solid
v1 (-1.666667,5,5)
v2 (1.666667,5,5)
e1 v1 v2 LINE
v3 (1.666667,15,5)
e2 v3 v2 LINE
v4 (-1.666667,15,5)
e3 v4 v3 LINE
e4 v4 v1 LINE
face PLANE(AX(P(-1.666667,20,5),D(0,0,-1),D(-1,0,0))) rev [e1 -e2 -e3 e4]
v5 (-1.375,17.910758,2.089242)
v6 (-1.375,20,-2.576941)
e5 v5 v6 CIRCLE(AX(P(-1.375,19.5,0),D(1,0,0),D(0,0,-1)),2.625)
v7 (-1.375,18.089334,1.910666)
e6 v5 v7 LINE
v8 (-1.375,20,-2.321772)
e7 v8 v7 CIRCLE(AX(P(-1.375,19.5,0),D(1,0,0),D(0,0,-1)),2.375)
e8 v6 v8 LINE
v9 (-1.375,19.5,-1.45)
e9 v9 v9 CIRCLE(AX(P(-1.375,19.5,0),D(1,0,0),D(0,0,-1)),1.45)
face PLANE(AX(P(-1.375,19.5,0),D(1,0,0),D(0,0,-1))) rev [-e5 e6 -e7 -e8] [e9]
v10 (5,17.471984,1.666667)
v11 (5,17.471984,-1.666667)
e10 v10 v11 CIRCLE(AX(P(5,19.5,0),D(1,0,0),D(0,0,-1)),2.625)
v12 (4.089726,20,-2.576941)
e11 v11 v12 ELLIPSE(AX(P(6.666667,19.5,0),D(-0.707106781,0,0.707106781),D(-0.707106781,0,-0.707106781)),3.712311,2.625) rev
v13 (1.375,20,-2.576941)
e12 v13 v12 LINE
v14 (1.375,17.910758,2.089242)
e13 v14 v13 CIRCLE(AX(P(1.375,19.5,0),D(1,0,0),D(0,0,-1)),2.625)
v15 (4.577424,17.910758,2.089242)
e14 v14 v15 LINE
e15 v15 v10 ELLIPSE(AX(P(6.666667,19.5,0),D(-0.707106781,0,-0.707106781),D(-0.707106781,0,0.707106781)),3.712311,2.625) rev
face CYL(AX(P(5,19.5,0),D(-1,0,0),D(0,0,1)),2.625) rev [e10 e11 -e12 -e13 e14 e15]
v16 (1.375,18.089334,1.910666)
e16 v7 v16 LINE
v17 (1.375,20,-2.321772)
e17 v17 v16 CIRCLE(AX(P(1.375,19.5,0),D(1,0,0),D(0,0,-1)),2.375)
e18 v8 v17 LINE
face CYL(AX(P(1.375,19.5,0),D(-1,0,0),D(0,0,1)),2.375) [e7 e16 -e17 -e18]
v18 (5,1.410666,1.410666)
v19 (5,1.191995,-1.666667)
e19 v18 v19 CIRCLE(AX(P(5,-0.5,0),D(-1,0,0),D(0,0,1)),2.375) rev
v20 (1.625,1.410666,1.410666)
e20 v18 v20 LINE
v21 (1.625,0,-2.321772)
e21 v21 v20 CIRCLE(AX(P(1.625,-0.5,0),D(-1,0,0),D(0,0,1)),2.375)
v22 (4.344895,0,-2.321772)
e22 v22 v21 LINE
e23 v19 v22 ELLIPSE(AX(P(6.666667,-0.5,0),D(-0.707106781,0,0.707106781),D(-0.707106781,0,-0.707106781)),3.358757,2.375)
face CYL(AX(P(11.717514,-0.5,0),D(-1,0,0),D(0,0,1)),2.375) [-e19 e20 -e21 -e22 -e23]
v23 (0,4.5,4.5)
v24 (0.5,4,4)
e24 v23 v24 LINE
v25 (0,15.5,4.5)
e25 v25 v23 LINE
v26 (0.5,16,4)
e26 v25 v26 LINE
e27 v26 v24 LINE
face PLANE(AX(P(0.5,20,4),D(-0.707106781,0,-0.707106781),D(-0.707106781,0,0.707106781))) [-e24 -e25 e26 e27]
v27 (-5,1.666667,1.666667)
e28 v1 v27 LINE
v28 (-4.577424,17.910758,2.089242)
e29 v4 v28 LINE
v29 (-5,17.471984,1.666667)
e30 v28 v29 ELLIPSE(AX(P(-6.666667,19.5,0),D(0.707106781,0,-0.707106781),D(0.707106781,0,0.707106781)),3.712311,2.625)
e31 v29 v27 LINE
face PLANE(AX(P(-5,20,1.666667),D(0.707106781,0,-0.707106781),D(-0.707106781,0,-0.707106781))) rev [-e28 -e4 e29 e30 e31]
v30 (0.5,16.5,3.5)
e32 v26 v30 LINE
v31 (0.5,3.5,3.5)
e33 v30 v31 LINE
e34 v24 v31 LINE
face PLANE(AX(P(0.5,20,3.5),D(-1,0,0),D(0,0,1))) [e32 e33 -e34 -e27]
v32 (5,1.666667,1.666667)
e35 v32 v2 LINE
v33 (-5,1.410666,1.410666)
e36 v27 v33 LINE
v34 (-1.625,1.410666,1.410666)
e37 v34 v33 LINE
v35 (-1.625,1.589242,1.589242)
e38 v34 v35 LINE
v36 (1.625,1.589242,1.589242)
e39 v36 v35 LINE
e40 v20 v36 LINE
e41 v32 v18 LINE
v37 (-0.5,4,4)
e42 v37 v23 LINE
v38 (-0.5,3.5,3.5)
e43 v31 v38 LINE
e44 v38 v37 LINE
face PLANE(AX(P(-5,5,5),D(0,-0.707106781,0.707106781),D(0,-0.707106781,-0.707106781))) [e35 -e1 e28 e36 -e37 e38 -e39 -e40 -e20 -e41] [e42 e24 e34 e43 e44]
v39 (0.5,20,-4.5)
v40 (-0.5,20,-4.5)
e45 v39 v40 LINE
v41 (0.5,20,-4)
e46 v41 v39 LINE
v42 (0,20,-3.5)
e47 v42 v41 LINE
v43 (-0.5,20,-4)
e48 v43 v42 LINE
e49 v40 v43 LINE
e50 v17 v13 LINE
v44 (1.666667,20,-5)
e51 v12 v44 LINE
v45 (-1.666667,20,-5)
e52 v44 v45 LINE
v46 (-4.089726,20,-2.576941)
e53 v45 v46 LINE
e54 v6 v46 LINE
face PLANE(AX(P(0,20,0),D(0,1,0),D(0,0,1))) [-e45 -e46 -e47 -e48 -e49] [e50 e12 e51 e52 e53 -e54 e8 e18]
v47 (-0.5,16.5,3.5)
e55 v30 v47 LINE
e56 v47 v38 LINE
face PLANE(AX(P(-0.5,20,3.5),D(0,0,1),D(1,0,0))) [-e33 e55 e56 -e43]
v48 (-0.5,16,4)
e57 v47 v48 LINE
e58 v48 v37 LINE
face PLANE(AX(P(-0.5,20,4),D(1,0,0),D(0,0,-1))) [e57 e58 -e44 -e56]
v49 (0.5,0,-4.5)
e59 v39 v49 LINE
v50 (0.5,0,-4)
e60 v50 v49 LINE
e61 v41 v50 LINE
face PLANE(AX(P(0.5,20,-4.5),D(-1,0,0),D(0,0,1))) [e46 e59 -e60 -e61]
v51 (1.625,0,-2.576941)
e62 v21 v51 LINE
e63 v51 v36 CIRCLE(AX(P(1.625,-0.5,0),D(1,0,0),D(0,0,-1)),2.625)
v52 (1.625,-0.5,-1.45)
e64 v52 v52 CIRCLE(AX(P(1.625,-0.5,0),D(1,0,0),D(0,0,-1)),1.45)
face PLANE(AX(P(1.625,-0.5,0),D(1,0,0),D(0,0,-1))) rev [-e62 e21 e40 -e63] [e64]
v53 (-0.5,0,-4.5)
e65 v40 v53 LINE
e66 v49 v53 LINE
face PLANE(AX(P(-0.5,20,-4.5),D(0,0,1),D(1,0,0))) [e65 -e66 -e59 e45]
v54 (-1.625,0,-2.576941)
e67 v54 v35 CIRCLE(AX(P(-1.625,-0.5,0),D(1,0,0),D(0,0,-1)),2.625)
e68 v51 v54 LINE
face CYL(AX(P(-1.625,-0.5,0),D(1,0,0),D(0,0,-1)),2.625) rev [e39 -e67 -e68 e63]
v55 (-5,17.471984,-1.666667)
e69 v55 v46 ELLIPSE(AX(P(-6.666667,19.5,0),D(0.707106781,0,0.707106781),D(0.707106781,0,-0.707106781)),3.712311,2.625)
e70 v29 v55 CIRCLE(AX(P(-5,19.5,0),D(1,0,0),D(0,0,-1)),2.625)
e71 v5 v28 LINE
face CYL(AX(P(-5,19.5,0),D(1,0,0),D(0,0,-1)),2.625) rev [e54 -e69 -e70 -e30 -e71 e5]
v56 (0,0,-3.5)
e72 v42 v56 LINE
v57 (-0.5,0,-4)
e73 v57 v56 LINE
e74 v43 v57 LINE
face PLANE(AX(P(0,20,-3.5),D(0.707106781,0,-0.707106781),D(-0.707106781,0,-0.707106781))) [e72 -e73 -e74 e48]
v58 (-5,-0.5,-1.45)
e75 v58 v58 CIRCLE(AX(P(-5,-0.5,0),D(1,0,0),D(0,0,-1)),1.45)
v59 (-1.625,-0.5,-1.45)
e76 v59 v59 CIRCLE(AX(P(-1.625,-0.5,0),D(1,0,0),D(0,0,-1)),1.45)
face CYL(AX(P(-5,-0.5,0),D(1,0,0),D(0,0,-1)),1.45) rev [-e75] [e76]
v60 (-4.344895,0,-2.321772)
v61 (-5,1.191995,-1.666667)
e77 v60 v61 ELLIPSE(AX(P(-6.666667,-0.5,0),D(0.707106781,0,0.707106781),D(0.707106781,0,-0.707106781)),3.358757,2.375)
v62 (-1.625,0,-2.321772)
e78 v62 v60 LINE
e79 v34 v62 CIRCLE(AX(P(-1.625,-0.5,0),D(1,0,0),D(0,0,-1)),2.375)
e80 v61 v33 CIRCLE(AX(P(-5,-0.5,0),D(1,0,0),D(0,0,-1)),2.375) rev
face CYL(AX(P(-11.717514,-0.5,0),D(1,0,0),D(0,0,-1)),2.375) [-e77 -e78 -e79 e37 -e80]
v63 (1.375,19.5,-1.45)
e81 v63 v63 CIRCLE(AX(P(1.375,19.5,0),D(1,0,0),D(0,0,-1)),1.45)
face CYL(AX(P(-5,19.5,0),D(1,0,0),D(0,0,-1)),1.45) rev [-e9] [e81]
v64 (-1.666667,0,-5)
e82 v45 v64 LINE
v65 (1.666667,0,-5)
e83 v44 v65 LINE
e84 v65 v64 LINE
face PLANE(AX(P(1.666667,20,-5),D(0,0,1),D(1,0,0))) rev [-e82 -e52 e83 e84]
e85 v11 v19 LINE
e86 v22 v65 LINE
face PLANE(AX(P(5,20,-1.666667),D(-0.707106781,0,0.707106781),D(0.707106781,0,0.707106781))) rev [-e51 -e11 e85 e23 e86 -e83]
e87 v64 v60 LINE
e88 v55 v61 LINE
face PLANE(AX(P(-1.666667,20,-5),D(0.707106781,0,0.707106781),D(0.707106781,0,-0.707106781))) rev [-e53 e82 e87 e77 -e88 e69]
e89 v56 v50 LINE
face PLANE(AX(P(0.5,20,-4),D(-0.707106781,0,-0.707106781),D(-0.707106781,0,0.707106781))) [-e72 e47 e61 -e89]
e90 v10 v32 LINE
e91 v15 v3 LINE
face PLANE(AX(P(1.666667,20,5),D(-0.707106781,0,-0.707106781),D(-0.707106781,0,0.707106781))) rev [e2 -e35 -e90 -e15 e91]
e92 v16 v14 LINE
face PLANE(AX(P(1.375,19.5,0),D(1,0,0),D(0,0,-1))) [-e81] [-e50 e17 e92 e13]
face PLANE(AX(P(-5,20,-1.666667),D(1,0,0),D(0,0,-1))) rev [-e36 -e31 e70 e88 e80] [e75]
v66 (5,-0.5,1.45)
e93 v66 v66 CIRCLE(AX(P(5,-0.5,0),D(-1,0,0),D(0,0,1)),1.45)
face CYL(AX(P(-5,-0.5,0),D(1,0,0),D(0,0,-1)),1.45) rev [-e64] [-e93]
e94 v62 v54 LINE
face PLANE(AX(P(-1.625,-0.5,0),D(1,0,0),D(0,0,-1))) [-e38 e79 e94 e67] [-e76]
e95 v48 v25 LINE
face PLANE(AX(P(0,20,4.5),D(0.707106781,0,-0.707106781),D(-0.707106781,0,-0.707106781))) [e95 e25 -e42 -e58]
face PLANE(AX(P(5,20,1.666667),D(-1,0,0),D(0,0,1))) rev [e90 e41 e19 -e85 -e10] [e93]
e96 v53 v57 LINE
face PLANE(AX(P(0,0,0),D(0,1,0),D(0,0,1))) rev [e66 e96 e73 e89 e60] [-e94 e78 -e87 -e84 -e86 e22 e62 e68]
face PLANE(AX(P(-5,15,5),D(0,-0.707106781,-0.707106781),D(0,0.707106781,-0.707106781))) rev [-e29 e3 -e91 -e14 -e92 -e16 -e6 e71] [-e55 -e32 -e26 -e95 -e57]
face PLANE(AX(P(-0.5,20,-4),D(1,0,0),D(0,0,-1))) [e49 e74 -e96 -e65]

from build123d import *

# Parameters (mm, degrees)
BOSS_EXTRUDE1_DEPTH     = 20
CUT_EXTRUDE1_DEPTH      = 22.213203436
CUT_EXTRUDE1_DEPTH_BACK = 22.213203436
CUT_EXTRUDE2_DEPTH      = 22.213203436
SKETCH4_R               = 2.375
BOSS_EXTRUDE2_DEPTH     = 1.375
SKETCH5_R               = 2.625
CUT_EXTRUDE3_DEPTH      = 24.327156921
SKETCH6_R               = 2.625
CUT_EXTRUDE4_DEPTH      = 1.625
BOSS_EXTRUDE3_REACH     = 25.397
SKETCH7_R               = 2.375
BOSS_EXTRUDE4_START     = -3.375
SKETCH8_R               = 2.375
BOSS_EXTRUDE4_DEPTH     = 3.375
CUT_EXTRUDE5_DEPTH      = 24.327156921
CUT_EXTRUDE5_DEPTH_BACK = 24.327156921
SKETCH10_R              = 1.45
CUT_EXTRUDE6_DEPTH      = 25.566555009
CUT_EXTRUDE6_DEPTH_BACK = 25.566555009
SKETCH11_R              = 1.45


with BuildPart() as part:
    # Sketch1 → Boss-Extrude1 (new body)
    with BuildSketch(Plane(origin=(0, 0, 0), x_dir=(1, 0, 0), z_dir=(0, 1, 0))):
        Polygon((-1.666666667, -5), (1.666666667, -5), (5, -1.666666667), (5, 1.666666667), (1.666666667, 5), (-1.666666667, 5), (-5, 1.666666667), (-5, -1.666666667), align=None)
    extrude(amount=BOSS_EXTRUDE1_DEPTH)

    # Sketch2 → Cut-Extrude1 (cut, two sides: drawn at the far end of the back side and taken through both)
    with BuildSketch(Plane(origin=(0, 0, 0), x_dir=(0, 0, -1), z_dir=(1, 0, 0)).offset(-CUT_EXTRUDE1_DEPTH_BACK)):
        Polygon((0, 20), (-5, 20), (-5, 15), align=None)
        Polygon((0, 0), (-5, 0), (-5, 5), align=None)
    extrude(amount=CUT_EXTRUDE1_DEPTH + CUT_EXTRUDE1_DEPTH_BACK, mode=Mode.SUBTRACT)

    # Sketch3 → Cut-Extrude2 (cut, through all)
    with BuildSketch(Plane(origin=(0, 0, 0), x_dir=(1, 0, 0), z_dir=(0, 1, 0))):
        Polygon((0, -4.5), (-0.5, -4), (-0.5, -3.5), (0.5, -3.5), (0.5, -4), align=None)
        Polygon((0.5, 4.5), (0.5, 4), (0, 3.5), (-0.5, 4), (-0.5, 4.5), align=None)
    extrude(amount=CUT_EXTRUDE2_DEPTH, mode=Mode.SUBTRACT)

    # Sketch4 → Boss-Extrude2 (add, symmetric)
    with BuildSketch(Plane(origin=(0, 0, 0), x_dir=(0, 0, -1), z_dir=(1, 0, 0))):
        with Locations((0, 19.5)):
            Circle(SKETCH4_R)
    extrude(amount=BOSS_EXTRUDE2_DEPTH, both=True)

    # Sketch5 → Cut-Extrude3 (cut, through all)
    with BuildSketch(Plane(origin=(1.375, 0, 0), x_dir=(0, 0, -1), z_dir=(1, 0, 0))):
        with Locations((0, 19.5)):
            Circle(SKETCH5_R)
    cut_extrude3 = extrude(amount=CUT_EXTRUDE3_DEPTH, mode=Mode.SUBTRACT)

    # Mirror1: Cut-Extrude3 across plane
    add(cut_extrude3.mirror(Plane(origin=(0, 0, 0), x_dir=(0, 0, 1), z_dir=(1, 0, 0))), mode=Mode.SUBTRACT)

    # Sketch6 → Cut-Extrude4 (cut, symmetric)
    with BuildSketch(Plane(origin=(0, 0, 0), x_dir=(0, 0, -1), z_dir=(1, 0, 0))):
        with Locations((0, -0.5)):
            Circle(SKETCH6_R)
    extrude(amount=CUT_EXTRUDE4_DEPTH, both=True, mode=Mode.SUBTRACT)

    # Boss-Extrude3: up to this face of the body (flat: up to its plane)
    boss_extrude3_end = Plane(part.part.faces().sort_by_distance((-5, 8.732537251, -0.027810101))[0])
    # Sketch7 → Boss-Extrude3 (add, up to the picked face)
    with BuildSketch(Plane(origin=(-1.625, 0, 0), x_dir=(0, 0, -1), z_dir=(1, 0, 0)), mode=Mode.PRIVATE) as boss_extrude3_sk1:
        with Locations((0, -0.5)):
            Circle(SKETCH7_R)
    boss_extrude3_tool1 = split(extrude(boss_extrude3_sk1.sketch, amount=-BOSS_EXTRUDE3_REACH, mode=Mode.PRIVATE), bisect_by=boss_extrude3_end, keep=Keep.BOTH, mode=Mode.PRIVATE)
    add(boss_extrude3_tool1.solids().sort_by(Axis((-1.625, -0.5, 0), (-1, 0, 0)))[0])

    # Sketch8 → Boss-Extrude4 (add)
    with BuildSketch(Plane.ZY.offset(-1.625).offset(BOSS_EXTRUDE4_START)):
        with Locations((0, -0.5)):
            Circle(SKETCH8_R)
    extrude(amount=BOSS_EXTRUDE4_DEPTH)

    # Sketch10 → Cut-Extrude5 (cut, two sides: drawn at the far end of the back side and taken through both)
    with BuildSketch(Plane(origin=(1.375, 0, 0), x_dir=(0, 0, -1), z_dir=(1, 0, 0)).offset(-CUT_EXTRUDE5_DEPTH_BACK)):
        with Locations((0, 19.5)):
            Circle(SKETCH10_R)
    extrude(amount=CUT_EXTRUDE5_DEPTH + CUT_EXTRUDE5_DEPTH_BACK, mode=Mode.SUBTRACT)

    # Sketch11 → Cut-Extrude6 (cut, two sides: drawn at the far end of the back side and taken through both)
    with BuildSketch(Plane(origin=(5, 0, 0), x_dir=(0, 0, -1), z_dir=(1, 0, 0)).offset(-CUT_EXTRUDE6_DEPTH_BACK)):
        with Locations((0, -0.5)):
            Circle(SKETCH11_R)
    extrude(amount=CUT_EXTRUDE6_DEPTH + CUT_EXTRUDE6_DEPTH_BACK, mode=Mode.SUBTRACT)


solid = part.part
